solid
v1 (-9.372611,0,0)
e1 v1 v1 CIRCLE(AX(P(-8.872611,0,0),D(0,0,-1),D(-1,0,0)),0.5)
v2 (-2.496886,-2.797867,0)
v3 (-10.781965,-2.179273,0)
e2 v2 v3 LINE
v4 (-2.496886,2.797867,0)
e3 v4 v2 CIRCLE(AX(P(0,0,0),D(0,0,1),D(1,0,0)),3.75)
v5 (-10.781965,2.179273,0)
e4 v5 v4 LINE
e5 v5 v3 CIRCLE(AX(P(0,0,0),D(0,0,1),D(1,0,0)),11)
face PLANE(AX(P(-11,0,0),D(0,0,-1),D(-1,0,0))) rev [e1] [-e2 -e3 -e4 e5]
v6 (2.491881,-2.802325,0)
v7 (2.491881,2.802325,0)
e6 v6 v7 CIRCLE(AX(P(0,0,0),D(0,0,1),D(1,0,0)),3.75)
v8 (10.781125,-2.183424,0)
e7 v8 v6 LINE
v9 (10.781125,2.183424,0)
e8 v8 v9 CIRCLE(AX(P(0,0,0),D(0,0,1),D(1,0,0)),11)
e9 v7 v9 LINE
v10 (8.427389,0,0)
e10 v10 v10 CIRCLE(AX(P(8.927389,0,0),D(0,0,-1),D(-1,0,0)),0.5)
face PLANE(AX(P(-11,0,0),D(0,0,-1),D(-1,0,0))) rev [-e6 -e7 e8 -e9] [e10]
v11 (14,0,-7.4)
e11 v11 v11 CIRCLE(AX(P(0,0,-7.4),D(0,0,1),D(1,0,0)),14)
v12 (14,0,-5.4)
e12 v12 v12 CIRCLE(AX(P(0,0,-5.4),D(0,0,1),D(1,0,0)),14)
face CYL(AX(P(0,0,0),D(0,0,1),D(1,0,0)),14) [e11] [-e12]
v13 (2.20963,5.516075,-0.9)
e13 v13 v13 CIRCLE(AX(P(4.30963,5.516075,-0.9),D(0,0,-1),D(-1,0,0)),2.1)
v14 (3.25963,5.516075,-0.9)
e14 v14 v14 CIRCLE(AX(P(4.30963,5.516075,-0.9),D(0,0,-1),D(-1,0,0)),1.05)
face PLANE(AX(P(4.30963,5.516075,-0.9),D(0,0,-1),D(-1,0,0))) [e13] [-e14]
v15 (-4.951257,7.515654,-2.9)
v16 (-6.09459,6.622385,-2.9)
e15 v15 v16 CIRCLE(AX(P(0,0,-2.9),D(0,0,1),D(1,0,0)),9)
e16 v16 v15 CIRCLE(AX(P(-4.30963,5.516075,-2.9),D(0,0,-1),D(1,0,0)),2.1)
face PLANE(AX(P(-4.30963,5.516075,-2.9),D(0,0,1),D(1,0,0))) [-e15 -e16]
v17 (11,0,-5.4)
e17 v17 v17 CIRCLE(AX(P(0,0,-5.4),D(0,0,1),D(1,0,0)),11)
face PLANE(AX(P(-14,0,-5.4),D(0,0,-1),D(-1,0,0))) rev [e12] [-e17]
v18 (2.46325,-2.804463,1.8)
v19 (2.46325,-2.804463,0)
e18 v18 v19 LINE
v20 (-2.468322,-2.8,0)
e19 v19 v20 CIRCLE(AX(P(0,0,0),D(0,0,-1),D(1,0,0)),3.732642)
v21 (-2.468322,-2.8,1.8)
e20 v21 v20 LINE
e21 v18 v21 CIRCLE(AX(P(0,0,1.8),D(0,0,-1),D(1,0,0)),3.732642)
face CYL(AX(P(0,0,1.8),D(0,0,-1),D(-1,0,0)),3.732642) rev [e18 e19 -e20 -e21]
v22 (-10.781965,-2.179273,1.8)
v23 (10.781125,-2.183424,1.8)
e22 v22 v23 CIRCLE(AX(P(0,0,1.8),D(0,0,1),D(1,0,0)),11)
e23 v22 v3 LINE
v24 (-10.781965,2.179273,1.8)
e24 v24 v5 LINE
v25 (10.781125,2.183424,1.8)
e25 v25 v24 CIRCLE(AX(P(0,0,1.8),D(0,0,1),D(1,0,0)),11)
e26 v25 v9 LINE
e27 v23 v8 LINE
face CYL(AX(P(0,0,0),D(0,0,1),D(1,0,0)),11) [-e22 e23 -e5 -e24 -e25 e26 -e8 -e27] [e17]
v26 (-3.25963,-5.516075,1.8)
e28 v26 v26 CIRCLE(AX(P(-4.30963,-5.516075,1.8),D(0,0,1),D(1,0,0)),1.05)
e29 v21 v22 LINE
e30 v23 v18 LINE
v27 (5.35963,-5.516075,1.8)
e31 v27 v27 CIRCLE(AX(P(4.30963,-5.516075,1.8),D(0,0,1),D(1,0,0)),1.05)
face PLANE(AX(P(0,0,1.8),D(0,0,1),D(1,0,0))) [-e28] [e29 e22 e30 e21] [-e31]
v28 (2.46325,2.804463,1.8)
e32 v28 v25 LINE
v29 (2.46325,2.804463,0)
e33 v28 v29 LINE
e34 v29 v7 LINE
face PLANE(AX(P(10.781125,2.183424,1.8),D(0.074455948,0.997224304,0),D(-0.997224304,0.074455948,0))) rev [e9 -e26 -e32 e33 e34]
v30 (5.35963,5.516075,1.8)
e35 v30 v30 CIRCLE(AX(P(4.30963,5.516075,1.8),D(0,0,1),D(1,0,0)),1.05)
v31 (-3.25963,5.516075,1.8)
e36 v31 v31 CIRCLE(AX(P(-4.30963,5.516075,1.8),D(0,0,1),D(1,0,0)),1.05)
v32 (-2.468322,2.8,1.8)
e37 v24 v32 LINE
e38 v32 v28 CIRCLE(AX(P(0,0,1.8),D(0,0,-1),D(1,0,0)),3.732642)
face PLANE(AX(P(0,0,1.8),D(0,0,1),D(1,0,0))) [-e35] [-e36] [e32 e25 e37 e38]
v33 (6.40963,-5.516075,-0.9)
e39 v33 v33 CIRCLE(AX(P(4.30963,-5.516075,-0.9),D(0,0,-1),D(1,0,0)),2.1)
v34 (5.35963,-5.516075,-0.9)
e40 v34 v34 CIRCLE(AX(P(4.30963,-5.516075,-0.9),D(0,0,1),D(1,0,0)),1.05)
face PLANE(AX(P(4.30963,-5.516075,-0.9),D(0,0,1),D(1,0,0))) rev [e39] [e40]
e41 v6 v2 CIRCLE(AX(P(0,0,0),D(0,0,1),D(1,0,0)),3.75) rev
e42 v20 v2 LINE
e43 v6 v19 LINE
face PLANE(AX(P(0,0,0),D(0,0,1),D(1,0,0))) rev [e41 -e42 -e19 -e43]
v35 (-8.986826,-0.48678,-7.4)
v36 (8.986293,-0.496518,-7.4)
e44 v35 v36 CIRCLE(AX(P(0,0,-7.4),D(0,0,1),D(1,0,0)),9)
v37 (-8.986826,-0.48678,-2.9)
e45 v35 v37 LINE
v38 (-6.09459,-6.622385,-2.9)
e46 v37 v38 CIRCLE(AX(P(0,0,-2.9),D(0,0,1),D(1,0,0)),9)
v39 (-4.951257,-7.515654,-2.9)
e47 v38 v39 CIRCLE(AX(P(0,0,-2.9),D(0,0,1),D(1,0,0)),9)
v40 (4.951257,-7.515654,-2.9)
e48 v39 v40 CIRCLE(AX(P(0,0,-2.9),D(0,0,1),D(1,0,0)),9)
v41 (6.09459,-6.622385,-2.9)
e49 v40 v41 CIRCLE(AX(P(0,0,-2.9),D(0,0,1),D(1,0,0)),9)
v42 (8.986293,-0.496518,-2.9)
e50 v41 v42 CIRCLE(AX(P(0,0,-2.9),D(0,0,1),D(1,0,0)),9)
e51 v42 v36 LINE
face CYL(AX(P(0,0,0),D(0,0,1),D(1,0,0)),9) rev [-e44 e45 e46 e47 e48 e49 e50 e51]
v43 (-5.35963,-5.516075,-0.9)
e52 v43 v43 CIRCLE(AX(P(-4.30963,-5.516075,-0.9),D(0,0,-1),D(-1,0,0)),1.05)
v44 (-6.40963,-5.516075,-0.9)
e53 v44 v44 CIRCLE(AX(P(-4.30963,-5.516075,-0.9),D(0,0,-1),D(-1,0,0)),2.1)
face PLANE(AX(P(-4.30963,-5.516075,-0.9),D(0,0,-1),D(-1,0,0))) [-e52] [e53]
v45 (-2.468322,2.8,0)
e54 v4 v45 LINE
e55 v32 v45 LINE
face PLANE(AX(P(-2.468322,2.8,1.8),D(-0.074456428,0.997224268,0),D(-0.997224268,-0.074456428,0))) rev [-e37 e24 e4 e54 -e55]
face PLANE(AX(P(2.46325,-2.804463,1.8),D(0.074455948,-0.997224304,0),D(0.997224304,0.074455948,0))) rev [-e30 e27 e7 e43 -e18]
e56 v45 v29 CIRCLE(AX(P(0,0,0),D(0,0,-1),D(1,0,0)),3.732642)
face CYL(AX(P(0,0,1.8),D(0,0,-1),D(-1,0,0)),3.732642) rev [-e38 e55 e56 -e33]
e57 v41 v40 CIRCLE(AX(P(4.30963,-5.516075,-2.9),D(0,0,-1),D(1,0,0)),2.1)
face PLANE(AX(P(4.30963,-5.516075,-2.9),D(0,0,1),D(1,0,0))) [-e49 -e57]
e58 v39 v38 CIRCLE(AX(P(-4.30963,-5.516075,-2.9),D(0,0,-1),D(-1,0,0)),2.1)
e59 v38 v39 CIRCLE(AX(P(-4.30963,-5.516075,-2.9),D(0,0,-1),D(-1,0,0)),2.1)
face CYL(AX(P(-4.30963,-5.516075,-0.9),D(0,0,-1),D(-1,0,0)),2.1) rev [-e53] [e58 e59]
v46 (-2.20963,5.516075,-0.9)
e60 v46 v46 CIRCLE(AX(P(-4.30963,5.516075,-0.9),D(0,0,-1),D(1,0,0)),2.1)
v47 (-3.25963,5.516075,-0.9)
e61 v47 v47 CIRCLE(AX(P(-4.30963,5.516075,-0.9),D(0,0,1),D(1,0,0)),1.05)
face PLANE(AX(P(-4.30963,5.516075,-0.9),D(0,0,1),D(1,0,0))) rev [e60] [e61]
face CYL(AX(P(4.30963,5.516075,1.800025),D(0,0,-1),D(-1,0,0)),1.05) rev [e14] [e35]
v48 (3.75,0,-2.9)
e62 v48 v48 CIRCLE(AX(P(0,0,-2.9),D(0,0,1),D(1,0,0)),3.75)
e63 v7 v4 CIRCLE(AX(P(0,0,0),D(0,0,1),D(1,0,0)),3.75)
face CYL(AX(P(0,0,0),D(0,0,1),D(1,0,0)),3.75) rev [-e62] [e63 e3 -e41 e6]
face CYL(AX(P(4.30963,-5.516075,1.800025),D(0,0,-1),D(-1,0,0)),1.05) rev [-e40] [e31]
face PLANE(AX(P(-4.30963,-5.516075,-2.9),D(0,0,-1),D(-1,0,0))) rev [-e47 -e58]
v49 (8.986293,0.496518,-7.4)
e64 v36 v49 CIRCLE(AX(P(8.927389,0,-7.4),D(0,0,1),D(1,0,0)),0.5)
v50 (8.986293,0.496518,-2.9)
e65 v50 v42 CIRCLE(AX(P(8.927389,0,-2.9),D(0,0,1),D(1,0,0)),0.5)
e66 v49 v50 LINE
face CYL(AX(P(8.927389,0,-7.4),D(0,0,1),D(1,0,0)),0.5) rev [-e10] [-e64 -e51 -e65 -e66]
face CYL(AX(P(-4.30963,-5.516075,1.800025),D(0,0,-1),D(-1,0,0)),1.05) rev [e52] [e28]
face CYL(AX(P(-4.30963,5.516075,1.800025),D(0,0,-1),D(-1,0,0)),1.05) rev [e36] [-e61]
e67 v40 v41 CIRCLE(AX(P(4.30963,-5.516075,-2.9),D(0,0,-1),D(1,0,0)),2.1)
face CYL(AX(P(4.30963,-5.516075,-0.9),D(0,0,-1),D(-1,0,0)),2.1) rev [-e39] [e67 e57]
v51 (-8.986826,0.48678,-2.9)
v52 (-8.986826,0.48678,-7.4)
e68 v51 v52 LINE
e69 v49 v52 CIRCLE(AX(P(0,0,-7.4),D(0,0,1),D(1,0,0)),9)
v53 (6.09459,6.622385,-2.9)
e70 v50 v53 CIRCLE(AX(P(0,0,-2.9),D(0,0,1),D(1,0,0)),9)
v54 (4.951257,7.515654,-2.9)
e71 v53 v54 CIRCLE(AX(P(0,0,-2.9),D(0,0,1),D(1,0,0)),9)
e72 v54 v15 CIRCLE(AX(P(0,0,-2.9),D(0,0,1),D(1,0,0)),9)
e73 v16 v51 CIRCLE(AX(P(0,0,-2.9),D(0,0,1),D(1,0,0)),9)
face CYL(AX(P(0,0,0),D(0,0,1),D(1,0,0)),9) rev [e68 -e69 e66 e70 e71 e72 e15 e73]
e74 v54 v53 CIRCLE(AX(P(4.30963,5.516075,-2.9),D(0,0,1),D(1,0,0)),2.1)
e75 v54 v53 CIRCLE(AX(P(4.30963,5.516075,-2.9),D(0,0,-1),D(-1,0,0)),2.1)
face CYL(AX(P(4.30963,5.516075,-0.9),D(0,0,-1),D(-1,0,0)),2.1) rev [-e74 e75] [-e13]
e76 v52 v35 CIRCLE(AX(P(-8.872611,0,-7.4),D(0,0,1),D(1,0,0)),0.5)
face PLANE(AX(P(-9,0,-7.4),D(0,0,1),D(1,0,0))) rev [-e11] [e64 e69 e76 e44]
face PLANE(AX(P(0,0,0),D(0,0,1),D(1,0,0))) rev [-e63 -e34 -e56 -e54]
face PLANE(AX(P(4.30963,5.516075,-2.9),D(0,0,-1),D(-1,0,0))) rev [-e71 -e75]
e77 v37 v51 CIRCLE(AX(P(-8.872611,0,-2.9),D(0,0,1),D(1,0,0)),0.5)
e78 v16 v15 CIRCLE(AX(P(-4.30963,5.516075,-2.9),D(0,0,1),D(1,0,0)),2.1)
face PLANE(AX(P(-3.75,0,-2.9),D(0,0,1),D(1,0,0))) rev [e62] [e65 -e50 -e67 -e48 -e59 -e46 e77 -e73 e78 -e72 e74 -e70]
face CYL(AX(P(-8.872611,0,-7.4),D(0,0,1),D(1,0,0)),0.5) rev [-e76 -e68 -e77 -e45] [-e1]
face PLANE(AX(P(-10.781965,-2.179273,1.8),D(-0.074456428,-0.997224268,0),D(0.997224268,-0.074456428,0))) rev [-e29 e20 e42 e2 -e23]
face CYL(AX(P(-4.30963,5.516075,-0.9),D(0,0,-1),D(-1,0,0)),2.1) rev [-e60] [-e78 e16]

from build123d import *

# Parameters (mm, degrees)
BOSS_EXTRU_1_START      = 1.8
ESQUISSE2_R             = 0.5
BOSS_EXTRU_1_DEPTH      = 1.8
ESQUISSE4_R             = 0.5
ENL_V_MAT_EXTRU_3_DEPTH = 22.832086478
ESQUISSE6_R             = 2.1
ENL_V_MAT_EXTRU_4_DEPTH = 2
ESQUISSE7_R             = 1.05
ENL_V_MAT_EXTRU_5_DEPTH = 21.349201459


with BuildPart() as part:
    # Esquisse1 → Révolution1 (revolve)
    with BuildSketch(Plane(origin=(0, 0, 0), x_dir=(1, 0, 0), z_dir=(0, 1, 0))):
        Polygon((-11, 0), (-3.75, 0), (-3.75, 2.9), (-9, 2.9), (-9, 7.4), (-14, 7.4), (-14, 5.4), (-11, 5.4), align=None)
    revolve(axis=Axis((0, 0, 0), (0, 0, -1)))

    # Esquisse2 → Boss.-Extru.1 (add)
    with BuildSketch(Plane.XY.offset(BOSS_EXTRU_1_START)):
        with Locations((-8.872610569, 0)):
            Circle(ESQUISSE2_R)
        with Locations((8.927389431, 0)):
            Circle(ESQUISSE2_R)
        with BuildLine():
            Line((-2.468322158, 2.8), (-10.781965021, 2.179272878))
            ThreePointArc((-10.781965021, 2.179272878), (-0.002117582, 10.999999796), (10.78112517, 2.183423933))
            Line((10.78112517, 2.183423933), (2.463250179, 2.804463021))
            ThreePointArc((2.463250179, 2.804463021), (-0.003378, 3.732640201), (-2.468322158, 2.8))
        make_face()
        with BuildLine():
            Line((-10.781965021, -2.179272878), (-2.468322158, -2.8))
            ThreePointArc((-2.468322158, -2.8), (-0.003378, -3.732640201), (2.463250179, -2.804463021))
            Line((2.463250179, -2.804463021), (10.78112517, -2.183423933))
            ThreePointArc((10.78112517, -2.183423933), (-0.002117582, -10.999999796), (-10.781965021, -2.179272878))
        make_face()
    extrude(amount=-BOSS_EXTRU_1_DEPTH)

    # Esquisse4 → Enlèv. mat.-Extru.3 (cut, through all)
    with BuildSketch(Plane.XY.offset(1.8)):
        with Locations((-8.872610569, 0)):
            Circle(ESQUISSE4_R)
        with Locations((8.927389431, 0)):
            Circle(ESQUISSE4_R)
    extrude(amount=-ENL_V_MAT_EXTRU_3_DEPTH, mode=Mode.SUBTRACT)

    # Esquisse6 → Enlèv. mat.-Extru.4 (cut)
    with BuildSketch(Plane(origin=(0, 0, -2.9), x_dir=(-1, 0, 0), z_dir=(0, 0, -1))):
        with Locations((-4.309630327, 5.516075275)):
            Circle(ESQUISSE6_R)
        with Locations((4.309630327, 5.516075275)):
            Circle(ESQUISSE6_R)
        with Locations((-4.309630327, -5.516075275)):
            Circle(ESQUISSE6_R)
        with Locations((4.309630327, -5.516075275)):
            Circle(ESQUISSE6_R)
    extrude(amount=-ENL_V_MAT_EXTRU_4_DEPTH, mode=Mode.SUBTRACT)

    # Esquisse7 → Enlèv. mat.-Extru.5 (cut, through all)
    with BuildSketch(Plane(origin=(0, 0, -2.9), x_dir=(-1, 0, 0), z_dir=(0, 0, -1))):
        with Locations((4.309630327, -5.516075275)):
            Circle(ESQUISSE7_R)
        with Locations((-4.309630327, -5.516075275)):
            Circle(ESQUISSE7_R)
        with Locations((4.309630327, 5.516075275)):
            Circle(ESQUISSE7_R)
        with Locations((-4.309630327, 5.516075275)):
            Circle(ESQUISSE7_R)
    extrude(amount=-ENL_V_MAT_EXTRU_5_DEPTH, mode=Mode.SUBTRACT)


solid = part.part
